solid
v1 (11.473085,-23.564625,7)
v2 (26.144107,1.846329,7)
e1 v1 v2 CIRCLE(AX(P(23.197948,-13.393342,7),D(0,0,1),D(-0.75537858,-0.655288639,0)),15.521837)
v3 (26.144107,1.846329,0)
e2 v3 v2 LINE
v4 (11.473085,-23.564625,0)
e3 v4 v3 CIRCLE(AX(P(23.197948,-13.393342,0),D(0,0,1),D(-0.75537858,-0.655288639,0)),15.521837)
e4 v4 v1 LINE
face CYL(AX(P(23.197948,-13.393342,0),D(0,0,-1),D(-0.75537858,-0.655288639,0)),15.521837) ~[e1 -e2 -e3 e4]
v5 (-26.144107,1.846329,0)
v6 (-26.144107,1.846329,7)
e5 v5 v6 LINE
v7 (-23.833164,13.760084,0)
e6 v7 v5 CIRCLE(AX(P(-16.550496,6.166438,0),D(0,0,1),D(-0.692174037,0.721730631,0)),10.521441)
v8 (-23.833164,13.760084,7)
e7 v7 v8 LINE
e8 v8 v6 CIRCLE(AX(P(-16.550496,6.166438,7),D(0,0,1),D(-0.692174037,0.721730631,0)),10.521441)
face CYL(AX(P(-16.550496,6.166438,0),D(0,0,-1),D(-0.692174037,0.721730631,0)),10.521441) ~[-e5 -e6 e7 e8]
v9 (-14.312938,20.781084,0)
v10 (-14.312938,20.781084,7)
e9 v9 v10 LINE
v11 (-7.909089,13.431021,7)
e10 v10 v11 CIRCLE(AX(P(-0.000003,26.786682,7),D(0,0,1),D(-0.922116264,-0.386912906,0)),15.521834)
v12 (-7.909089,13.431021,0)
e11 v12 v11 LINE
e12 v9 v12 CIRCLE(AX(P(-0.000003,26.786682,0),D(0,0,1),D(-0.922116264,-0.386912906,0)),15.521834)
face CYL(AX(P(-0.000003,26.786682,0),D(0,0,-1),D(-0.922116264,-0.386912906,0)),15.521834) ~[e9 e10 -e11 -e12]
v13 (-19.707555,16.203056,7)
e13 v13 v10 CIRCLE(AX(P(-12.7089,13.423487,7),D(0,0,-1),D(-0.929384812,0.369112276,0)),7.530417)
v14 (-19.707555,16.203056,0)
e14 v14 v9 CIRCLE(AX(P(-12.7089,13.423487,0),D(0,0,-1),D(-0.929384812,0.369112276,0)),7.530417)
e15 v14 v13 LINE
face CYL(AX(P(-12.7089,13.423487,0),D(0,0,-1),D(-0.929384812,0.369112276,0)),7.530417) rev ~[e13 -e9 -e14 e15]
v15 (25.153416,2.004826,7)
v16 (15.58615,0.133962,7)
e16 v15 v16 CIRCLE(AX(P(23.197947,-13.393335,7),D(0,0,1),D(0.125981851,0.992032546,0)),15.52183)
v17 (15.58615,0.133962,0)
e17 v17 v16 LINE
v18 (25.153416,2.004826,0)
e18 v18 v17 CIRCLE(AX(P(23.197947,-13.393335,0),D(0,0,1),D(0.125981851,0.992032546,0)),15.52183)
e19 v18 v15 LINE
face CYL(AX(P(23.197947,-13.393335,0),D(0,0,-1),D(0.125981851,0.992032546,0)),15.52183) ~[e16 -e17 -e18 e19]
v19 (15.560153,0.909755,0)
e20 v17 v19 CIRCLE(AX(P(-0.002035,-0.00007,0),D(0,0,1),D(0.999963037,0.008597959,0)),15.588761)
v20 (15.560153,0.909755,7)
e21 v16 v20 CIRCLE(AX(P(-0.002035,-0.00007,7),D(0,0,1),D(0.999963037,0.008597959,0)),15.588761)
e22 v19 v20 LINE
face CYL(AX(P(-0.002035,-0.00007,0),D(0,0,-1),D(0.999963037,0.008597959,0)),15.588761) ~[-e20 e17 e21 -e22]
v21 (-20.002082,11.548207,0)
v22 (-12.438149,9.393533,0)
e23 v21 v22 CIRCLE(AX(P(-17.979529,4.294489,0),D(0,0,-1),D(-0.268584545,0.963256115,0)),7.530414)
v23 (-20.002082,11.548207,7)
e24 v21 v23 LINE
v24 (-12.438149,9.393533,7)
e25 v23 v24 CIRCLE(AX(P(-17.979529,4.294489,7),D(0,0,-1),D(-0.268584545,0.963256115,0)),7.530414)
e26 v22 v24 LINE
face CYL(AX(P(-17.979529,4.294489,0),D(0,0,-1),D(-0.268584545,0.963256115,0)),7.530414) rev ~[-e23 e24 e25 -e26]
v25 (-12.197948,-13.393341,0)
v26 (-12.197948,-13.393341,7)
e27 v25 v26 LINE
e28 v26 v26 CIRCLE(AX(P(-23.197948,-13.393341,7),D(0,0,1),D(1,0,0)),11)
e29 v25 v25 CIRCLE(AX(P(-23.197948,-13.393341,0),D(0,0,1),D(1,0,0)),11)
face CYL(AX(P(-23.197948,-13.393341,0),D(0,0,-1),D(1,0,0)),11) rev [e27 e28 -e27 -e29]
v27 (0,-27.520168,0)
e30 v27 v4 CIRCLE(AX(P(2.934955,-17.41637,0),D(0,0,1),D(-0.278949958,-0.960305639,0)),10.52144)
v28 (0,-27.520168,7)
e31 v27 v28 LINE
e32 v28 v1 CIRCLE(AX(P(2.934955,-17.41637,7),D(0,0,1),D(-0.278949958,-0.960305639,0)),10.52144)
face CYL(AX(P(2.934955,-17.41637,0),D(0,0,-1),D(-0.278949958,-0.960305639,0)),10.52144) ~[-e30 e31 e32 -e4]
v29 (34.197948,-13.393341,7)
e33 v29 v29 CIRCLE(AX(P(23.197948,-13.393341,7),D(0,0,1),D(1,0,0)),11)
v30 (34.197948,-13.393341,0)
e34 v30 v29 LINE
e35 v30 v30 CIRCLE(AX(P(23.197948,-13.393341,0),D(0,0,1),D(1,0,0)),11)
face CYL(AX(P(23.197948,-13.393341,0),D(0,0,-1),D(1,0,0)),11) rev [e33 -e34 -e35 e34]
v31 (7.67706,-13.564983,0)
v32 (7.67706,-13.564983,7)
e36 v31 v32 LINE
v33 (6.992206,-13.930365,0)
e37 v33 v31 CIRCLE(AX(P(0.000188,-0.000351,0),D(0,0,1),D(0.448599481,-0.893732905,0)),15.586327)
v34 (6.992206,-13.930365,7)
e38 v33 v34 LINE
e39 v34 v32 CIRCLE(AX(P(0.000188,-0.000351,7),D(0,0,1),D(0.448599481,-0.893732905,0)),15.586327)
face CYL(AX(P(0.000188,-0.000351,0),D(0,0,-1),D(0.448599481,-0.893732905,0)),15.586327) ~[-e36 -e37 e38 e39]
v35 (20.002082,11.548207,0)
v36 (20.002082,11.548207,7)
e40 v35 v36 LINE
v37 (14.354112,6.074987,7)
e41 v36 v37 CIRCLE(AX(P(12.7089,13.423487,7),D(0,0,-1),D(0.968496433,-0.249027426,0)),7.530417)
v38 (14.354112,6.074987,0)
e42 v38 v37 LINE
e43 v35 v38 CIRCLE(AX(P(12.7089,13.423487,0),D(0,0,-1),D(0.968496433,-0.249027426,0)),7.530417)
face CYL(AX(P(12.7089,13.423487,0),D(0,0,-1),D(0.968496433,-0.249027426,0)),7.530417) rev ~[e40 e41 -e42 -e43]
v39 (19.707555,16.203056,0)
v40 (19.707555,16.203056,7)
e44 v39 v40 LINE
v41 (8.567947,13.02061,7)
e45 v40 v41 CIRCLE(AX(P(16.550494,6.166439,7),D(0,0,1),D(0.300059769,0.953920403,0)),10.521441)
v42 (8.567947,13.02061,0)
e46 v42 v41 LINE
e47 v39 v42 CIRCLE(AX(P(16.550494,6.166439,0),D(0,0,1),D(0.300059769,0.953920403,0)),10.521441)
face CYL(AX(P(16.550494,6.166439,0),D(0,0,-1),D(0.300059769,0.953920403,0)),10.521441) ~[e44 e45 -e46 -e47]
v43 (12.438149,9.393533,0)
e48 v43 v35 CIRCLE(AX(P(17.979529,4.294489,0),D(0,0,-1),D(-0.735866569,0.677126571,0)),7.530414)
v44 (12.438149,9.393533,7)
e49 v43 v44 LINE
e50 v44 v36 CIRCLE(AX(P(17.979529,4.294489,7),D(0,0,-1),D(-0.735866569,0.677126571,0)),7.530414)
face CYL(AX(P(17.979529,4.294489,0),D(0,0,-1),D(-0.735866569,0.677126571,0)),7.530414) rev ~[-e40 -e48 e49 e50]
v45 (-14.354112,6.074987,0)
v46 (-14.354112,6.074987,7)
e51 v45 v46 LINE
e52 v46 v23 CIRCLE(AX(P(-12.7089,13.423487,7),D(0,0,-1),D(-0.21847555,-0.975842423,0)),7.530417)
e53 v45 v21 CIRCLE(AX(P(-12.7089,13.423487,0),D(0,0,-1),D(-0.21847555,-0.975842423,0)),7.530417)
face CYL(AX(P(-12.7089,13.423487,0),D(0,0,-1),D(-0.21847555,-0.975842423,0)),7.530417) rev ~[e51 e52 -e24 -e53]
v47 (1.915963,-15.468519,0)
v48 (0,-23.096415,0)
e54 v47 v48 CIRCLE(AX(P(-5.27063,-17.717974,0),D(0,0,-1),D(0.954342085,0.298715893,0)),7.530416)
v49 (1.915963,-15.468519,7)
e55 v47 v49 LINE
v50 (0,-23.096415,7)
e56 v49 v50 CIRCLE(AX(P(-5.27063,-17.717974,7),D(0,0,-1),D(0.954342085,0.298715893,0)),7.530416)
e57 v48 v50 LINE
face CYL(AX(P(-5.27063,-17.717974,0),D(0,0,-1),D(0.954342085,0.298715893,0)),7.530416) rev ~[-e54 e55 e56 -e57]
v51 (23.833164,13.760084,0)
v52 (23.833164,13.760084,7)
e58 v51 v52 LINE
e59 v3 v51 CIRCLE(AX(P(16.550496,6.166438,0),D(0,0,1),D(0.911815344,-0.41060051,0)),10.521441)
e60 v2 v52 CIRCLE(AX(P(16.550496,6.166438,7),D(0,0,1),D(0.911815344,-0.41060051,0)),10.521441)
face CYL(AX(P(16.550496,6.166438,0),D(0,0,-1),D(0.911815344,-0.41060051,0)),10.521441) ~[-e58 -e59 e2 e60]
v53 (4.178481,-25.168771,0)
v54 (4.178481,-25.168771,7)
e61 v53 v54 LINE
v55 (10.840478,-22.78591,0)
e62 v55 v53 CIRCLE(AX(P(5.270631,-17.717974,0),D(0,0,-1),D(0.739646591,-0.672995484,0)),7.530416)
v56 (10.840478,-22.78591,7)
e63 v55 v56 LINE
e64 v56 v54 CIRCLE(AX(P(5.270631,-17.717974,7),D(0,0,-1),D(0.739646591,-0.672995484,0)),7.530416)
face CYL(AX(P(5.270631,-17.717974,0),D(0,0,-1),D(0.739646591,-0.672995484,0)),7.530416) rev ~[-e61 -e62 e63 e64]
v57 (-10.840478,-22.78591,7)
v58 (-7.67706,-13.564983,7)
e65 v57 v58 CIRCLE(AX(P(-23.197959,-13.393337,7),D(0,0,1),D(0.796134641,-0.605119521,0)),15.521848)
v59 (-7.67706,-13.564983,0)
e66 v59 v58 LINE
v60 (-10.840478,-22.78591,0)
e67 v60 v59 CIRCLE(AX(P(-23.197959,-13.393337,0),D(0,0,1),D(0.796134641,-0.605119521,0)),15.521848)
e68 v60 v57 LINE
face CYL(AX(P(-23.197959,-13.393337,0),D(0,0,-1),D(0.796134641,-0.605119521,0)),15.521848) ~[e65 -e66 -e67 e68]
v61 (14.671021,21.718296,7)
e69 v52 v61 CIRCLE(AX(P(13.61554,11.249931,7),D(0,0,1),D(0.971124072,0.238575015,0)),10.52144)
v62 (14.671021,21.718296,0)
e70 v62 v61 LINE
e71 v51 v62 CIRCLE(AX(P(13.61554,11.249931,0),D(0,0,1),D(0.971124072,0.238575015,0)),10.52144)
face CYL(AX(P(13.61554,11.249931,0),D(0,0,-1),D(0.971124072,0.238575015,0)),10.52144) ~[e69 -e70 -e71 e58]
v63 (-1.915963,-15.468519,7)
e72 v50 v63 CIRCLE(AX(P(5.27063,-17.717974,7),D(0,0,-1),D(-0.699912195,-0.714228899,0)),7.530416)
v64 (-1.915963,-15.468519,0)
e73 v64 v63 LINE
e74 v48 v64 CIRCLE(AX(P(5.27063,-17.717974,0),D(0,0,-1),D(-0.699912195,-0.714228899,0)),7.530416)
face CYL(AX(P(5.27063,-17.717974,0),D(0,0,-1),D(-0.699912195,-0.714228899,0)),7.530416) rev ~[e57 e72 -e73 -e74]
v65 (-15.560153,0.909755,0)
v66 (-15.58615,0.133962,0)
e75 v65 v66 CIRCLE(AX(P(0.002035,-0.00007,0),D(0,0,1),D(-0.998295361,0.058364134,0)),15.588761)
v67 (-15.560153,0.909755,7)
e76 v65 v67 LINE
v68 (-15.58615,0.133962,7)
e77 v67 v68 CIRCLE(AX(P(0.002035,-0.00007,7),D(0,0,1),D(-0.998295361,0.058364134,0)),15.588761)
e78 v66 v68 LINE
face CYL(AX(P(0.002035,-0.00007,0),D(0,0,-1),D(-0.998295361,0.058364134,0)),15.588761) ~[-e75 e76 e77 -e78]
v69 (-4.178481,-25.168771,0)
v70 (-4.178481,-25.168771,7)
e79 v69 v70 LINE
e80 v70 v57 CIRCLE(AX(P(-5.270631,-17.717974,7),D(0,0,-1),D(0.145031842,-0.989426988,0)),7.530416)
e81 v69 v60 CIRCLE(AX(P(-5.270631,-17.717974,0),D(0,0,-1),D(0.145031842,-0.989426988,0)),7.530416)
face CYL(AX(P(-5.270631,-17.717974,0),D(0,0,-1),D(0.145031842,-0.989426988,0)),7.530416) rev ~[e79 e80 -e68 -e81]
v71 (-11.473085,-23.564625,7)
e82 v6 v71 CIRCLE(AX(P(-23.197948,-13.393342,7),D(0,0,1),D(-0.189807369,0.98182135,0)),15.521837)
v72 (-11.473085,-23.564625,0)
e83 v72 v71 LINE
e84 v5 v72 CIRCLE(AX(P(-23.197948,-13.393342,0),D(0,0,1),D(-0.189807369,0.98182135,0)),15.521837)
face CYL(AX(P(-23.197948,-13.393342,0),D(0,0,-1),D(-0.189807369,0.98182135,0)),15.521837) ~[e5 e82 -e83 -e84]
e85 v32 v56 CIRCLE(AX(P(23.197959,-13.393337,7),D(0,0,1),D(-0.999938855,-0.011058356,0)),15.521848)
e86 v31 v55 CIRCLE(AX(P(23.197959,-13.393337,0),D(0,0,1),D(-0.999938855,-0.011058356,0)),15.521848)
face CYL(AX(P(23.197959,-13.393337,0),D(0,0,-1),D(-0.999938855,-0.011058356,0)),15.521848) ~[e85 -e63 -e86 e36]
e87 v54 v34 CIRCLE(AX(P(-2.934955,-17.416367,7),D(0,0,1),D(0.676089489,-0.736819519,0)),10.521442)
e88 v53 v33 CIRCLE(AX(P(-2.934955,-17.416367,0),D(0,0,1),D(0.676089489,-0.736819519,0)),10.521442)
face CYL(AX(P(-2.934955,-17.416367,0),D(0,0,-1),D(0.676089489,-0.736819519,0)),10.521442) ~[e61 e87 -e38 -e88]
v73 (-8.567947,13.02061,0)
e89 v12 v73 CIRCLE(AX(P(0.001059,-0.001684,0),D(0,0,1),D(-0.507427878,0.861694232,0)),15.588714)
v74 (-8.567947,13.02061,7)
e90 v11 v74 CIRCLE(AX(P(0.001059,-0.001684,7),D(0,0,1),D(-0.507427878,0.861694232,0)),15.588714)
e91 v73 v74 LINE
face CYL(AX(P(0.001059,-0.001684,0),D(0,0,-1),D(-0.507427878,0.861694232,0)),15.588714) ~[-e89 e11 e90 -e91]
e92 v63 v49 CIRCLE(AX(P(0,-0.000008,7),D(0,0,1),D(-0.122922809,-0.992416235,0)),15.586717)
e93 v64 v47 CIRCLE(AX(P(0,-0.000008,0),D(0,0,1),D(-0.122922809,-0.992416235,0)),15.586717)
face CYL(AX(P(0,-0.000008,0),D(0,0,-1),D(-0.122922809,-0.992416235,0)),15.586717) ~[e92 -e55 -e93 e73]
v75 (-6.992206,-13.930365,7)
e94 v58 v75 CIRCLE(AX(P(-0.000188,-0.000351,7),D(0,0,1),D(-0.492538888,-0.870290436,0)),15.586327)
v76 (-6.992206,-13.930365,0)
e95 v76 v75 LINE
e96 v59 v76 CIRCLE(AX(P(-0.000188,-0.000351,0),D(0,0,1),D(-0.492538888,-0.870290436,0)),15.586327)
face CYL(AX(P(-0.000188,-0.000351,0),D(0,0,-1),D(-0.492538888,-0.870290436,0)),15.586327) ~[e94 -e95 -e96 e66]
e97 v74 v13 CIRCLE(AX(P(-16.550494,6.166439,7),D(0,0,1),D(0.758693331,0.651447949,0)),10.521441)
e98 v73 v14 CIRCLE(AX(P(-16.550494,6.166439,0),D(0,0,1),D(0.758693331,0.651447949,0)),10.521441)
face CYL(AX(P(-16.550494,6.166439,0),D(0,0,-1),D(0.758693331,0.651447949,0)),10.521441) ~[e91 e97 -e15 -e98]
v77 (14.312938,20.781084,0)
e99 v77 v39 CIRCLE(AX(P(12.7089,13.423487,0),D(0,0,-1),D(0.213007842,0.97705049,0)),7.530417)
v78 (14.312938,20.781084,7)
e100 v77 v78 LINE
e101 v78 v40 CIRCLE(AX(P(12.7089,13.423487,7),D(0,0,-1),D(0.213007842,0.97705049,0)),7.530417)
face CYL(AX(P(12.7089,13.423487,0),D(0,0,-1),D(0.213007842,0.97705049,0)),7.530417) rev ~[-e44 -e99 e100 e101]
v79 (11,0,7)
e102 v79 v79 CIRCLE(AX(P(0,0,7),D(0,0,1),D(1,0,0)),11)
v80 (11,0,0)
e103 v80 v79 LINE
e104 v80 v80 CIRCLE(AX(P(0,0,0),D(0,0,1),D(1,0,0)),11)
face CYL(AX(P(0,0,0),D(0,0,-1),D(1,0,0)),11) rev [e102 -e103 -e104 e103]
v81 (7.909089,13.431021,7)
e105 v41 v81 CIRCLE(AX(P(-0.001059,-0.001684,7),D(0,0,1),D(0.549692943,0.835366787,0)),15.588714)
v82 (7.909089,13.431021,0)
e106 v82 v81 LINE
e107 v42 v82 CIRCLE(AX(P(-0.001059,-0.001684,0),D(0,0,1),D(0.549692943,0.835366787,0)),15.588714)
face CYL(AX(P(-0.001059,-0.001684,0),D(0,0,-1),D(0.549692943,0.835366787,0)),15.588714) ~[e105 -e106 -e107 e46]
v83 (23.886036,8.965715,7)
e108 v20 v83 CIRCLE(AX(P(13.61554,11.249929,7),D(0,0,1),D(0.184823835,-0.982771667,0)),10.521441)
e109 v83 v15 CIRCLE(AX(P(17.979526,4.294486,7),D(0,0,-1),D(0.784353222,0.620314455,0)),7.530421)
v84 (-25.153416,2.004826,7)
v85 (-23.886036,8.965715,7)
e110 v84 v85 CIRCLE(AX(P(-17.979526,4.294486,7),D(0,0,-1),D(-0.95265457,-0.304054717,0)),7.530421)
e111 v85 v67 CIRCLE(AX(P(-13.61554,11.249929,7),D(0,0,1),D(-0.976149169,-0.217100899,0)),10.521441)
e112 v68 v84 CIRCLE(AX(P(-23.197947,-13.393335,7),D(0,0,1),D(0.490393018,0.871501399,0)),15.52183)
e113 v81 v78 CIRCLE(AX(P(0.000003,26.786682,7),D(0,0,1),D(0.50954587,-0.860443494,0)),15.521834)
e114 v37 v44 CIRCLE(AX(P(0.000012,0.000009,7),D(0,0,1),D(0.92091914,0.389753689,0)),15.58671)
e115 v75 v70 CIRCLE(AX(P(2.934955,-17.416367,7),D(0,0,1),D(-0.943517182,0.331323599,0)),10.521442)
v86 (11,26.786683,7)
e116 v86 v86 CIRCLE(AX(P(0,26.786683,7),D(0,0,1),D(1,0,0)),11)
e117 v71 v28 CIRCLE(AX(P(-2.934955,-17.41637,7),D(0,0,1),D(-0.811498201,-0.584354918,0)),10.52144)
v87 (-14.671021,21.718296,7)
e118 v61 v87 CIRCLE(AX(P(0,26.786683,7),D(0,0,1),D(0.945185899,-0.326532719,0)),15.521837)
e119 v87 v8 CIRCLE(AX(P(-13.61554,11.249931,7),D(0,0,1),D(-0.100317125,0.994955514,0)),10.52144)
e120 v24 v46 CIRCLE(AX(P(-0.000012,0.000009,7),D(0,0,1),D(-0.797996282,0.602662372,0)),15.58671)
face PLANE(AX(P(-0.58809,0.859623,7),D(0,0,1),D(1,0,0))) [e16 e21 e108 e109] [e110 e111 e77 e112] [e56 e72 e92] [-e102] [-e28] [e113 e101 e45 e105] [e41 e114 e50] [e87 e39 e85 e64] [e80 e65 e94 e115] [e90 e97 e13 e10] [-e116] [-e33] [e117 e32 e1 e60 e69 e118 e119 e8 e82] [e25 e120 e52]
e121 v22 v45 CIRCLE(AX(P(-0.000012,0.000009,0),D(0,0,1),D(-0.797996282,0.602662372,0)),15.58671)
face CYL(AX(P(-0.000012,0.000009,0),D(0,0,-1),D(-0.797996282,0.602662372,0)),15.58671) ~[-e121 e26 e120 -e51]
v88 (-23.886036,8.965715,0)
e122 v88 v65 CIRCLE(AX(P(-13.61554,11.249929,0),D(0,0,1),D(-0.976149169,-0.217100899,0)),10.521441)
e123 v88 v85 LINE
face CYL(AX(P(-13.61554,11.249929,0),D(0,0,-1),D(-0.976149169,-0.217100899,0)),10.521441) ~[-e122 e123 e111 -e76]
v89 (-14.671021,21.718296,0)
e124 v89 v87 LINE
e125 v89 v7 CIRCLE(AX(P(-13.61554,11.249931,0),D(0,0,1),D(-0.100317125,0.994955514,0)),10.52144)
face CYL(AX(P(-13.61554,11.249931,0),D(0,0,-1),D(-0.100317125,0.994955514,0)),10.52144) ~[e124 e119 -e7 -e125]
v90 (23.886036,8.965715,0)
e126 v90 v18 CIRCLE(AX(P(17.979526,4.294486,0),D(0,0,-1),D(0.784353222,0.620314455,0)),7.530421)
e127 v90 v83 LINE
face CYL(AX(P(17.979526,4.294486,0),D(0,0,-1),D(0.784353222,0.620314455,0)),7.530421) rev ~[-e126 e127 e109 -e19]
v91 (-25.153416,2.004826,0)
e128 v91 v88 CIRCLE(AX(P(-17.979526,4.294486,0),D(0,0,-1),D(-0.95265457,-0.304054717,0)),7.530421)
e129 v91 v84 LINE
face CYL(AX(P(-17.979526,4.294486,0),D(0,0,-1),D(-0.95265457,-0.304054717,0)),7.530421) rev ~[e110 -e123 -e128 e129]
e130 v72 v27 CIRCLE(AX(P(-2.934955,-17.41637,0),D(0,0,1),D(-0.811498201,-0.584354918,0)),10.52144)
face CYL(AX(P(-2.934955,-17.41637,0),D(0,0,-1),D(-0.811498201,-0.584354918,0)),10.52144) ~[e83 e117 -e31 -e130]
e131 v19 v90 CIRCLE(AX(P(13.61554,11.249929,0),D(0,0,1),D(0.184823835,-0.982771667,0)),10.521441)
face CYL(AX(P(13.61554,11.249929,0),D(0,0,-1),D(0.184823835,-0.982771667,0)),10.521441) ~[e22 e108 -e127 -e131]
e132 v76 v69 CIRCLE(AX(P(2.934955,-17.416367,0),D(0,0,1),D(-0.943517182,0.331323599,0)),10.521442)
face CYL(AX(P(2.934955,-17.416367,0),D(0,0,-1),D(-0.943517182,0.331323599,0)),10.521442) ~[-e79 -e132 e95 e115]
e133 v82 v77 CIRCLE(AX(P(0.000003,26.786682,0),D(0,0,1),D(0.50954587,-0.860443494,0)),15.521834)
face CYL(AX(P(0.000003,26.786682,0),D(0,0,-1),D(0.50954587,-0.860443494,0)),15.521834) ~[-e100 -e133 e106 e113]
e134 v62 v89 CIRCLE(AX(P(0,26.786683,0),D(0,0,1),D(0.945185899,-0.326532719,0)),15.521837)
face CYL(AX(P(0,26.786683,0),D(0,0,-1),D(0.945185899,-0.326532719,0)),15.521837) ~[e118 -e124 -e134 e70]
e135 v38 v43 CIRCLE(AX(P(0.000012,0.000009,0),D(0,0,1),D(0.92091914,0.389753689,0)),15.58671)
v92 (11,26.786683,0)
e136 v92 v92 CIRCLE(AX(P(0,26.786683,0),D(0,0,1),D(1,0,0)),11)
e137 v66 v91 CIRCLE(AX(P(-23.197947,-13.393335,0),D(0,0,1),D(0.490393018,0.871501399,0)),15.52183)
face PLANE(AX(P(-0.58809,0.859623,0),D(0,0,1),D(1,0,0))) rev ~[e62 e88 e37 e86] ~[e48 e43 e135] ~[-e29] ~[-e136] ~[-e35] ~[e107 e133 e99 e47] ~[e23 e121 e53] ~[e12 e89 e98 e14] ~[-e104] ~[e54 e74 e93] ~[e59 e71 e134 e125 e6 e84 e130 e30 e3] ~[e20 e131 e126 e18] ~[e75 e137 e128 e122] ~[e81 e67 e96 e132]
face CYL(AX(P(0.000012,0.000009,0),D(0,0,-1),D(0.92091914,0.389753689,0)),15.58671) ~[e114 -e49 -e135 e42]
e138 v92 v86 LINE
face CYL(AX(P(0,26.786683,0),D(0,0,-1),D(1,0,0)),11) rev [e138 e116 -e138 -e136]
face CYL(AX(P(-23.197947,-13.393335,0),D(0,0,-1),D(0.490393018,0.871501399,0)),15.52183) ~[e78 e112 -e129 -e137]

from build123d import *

# Parameters (mm, degrees)
F0_R     = 11
F1_DEPTH = 7


with BuildPart() as f1:
    # F0 (on Top) → F1 (new body)
    with BuildSketch(Plane.XY):
        with BuildLine():
            ThreePointArc((23.833164, 13.760084), (20.515106, 19.193274), (14.671021, 21.718296))
            ThreePointArc((14.671021, 21.718296), (0, 42.30852), (-14.671021, 21.718296))
            ThreePointArc((-14.671021, 21.718296), (-14.499554, 21.246796), (-14.312938, 20.781084))
            ThreePointArc((-14.312938, 20.781084), (-11.703012, 16.590266), (-7.909089, 13.431021))
            ThreePointArc((-7.909089, 13.431021), (-8.241073, 13.229917), (-8.567947, 13.02061))
            ThreePointArc((-8.567947, 13.02061), (-13.660283, 16.283128), (-19.707555, 16.203056))
            ThreePointArc((-19.707555, 16.203056), (-21.911373, 15.219709), (-23.833164, 13.760084))
            ThreePointArc((-23.833164, 13.760084), (-26.879416, 8.169966), (-26.144107, 1.846329))
            ThreePointArc((-26.144107, 1.846329), (-36.640253, -21.15426), (-11.473085, -23.564625))
            ThreePointArc((-11.473085, -23.564625), (-6.36431, -27.36324), (0, -27.520168))
            ThreePointArc((0, -27.520168), (6.36431, -27.36324), (11.473085, -23.564625))
            ThreePointArc((11.473085, -23.564625), (36.640253, -21.15426), (26.144107, 1.846329))
            ThreePointArc((26.144107, 1.846329), (26.879416, 8.169966), (23.833164, 13.760084))
        make_face()
        with Locations((-23.197948, -13.393341)):
            Circle(F0_R, mode=Mode.SUBTRACT)
        with BuildLine():
            ThreePointArc((-4.178481, -25.168771), (-7.80676, -24.808476), (-10.840478, -22.78591))
            ThreePointArc((-10.840478, -22.78591), (-8.516086, -18.430238), (-7.67706, -13.564983))
            ThreePointArc((-7.67706, -13.564983), (-7.336908, -13.751938), (-6.992206, -13.930365))
            ThreePointArc((-6.992206, -13.930365), (-7.271461, -19.971716), (-4.178481, -25.168771))
        make_face(mode=Mode.SUBTRACT)
        with BuildLine():
            ThreePointArc((-15.58615, 0.133962), (-20.219097, 1.839973), (-25.153416, 2.004826))
            ThreePointArc((-25.153416, 2.004826), (-25.38815, 5.643386), (-23.886036, 8.965715))
            ThreePointArc((-23.886036, 8.965715), (-20.931744, 3.688588), (-15.560153, 0.909755))
            ThreePointArc((-15.560153, 0.909755), (-15.577981, 0.52202), (-15.58615, 0.133962))
        make_face(mode=Mode.SUBTRACT)
        with BuildLine():
            ThreePointArc((0, -23.096415), (-2.032917, -19.552468), (-1.915963, -15.468519))
            ThreePointArc((-1.915963, -15.468519), (0, -15.586725), (1.915963, -15.468519))
            ThreePointArc((1.915963, -15.468519), (2.032917, -19.552468), (0, -23.096415))
        make_face(mode=Mode.SUBTRACT)
        with BuildLine():
            ThreePointArc((7.67706, -13.564983), (8.516086, -18.430238), (10.840478, -22.78591))
            ThreePointArc((10.840478, -22.78591), (7.80676, -24.808476), (4.178481, -25.168771))
            ThreePointArc((4.178481, -25.168771), (7.271461, -19.971716), (6.992206, -13.930365))
            ThreePointArc((6.992206, -13.930365), (7.336908, -13.751938), (7.67706, -13.564983))
        make_face(mode=Mode.SUBTRACT)
        with Locations((23.197948, -13.393341)):
            Circle(F0_R, mode=Mode.SUBTRACT)
        Circle(F0_R, mode=Mode.SUBTRACT)
        with BuildLine():
            ThreePointArc((23.886036, 8.965715), (25.38815, 5.643386), (25.153416, 2.004826))
            ThreePointArc((25.153416, 2.004826), (20.219097, 1.839973), (15.58615, 0.133962))
            ThreePointArc((15.58615, 0.133962), (15.577981, 0.52202), (15.560153, 0.909755))
            ThreePointArc((15.560153, 0.909755), (20.931744, 3.688588), (23.886036, 8.965715))
        make_face(mode=Mode.SUBTRACT)
        with BuildLine():
            ThreePointArc((-20.002082, 11.548207), (-15.916475, 11.536792), (-12.438149, 9.393533))
            ThreePointArc((-12.438149, 9.393533), (-13.4985, 7.793363), (-14.354112, 6.074987))
            ThreePointArc((-14.354112, 6.074987), (-17.949392, 8.015676), (-20.002082, 11.548207))
        make_face(mode=Mode.SUBTRACT)
        with BuildLine():
            ThreePointArc((20.002082, 11.548207), (17.949392, 8.015676), (14.354112, 6.074987))
            ThreePointArc((14.354112, 6.074987), (13.4985, 7.793363), (12.438149, 9.393533))
            ThreePointArc((12.438149, 9.393533), (15.916475, 11.536792), (20.002082, 11.548207))
        make_face(mode=Mode.SUBTRACT)
        with BuildLine():
            ThreePointArc((8.567947, 13.02061), (8.241073, 13.229917), (7.909089, 13.431021))
            ThreePointArc((7.909089, 13.431021), (11.703012, 16.590266), (14.312938, 20.781084))
            ThreePointArc((14.312938, 20.781084), (17.581391, 19.16509), (19.707555, 16.203056))
            ThreePointArc((19.707555, 16.203056), (13.660283, 16.283128), (8.567947, 13.02061))
        make_face(mode=Mode.SUBTRACT)
        with Locations((0, 26.786683)):
            Circle(F0_R, mode=Mode.SUBTRACT)
        with BuildLine():
            ThreePointArc((-14.312938, 20.781084), (-14.499554, 21.246796), (-14.671021, 21.718296))
            ThreePointArc((-14.671021, 21.718296), (-20.515106, 19.193274), (-23.833164, 13.760084))
            ThreePointArc((-23.833164, 13.760084), (-21.911373, 15.219709), (-19.707555, 16.203056))
            ThreePointArc((-19.707555, 16.203056), (-17.581391, 19.16509), (-14.312938, 20.781084))
        make_face()
    extrude(amount=F1_DEPTH)


solid = f1.part
